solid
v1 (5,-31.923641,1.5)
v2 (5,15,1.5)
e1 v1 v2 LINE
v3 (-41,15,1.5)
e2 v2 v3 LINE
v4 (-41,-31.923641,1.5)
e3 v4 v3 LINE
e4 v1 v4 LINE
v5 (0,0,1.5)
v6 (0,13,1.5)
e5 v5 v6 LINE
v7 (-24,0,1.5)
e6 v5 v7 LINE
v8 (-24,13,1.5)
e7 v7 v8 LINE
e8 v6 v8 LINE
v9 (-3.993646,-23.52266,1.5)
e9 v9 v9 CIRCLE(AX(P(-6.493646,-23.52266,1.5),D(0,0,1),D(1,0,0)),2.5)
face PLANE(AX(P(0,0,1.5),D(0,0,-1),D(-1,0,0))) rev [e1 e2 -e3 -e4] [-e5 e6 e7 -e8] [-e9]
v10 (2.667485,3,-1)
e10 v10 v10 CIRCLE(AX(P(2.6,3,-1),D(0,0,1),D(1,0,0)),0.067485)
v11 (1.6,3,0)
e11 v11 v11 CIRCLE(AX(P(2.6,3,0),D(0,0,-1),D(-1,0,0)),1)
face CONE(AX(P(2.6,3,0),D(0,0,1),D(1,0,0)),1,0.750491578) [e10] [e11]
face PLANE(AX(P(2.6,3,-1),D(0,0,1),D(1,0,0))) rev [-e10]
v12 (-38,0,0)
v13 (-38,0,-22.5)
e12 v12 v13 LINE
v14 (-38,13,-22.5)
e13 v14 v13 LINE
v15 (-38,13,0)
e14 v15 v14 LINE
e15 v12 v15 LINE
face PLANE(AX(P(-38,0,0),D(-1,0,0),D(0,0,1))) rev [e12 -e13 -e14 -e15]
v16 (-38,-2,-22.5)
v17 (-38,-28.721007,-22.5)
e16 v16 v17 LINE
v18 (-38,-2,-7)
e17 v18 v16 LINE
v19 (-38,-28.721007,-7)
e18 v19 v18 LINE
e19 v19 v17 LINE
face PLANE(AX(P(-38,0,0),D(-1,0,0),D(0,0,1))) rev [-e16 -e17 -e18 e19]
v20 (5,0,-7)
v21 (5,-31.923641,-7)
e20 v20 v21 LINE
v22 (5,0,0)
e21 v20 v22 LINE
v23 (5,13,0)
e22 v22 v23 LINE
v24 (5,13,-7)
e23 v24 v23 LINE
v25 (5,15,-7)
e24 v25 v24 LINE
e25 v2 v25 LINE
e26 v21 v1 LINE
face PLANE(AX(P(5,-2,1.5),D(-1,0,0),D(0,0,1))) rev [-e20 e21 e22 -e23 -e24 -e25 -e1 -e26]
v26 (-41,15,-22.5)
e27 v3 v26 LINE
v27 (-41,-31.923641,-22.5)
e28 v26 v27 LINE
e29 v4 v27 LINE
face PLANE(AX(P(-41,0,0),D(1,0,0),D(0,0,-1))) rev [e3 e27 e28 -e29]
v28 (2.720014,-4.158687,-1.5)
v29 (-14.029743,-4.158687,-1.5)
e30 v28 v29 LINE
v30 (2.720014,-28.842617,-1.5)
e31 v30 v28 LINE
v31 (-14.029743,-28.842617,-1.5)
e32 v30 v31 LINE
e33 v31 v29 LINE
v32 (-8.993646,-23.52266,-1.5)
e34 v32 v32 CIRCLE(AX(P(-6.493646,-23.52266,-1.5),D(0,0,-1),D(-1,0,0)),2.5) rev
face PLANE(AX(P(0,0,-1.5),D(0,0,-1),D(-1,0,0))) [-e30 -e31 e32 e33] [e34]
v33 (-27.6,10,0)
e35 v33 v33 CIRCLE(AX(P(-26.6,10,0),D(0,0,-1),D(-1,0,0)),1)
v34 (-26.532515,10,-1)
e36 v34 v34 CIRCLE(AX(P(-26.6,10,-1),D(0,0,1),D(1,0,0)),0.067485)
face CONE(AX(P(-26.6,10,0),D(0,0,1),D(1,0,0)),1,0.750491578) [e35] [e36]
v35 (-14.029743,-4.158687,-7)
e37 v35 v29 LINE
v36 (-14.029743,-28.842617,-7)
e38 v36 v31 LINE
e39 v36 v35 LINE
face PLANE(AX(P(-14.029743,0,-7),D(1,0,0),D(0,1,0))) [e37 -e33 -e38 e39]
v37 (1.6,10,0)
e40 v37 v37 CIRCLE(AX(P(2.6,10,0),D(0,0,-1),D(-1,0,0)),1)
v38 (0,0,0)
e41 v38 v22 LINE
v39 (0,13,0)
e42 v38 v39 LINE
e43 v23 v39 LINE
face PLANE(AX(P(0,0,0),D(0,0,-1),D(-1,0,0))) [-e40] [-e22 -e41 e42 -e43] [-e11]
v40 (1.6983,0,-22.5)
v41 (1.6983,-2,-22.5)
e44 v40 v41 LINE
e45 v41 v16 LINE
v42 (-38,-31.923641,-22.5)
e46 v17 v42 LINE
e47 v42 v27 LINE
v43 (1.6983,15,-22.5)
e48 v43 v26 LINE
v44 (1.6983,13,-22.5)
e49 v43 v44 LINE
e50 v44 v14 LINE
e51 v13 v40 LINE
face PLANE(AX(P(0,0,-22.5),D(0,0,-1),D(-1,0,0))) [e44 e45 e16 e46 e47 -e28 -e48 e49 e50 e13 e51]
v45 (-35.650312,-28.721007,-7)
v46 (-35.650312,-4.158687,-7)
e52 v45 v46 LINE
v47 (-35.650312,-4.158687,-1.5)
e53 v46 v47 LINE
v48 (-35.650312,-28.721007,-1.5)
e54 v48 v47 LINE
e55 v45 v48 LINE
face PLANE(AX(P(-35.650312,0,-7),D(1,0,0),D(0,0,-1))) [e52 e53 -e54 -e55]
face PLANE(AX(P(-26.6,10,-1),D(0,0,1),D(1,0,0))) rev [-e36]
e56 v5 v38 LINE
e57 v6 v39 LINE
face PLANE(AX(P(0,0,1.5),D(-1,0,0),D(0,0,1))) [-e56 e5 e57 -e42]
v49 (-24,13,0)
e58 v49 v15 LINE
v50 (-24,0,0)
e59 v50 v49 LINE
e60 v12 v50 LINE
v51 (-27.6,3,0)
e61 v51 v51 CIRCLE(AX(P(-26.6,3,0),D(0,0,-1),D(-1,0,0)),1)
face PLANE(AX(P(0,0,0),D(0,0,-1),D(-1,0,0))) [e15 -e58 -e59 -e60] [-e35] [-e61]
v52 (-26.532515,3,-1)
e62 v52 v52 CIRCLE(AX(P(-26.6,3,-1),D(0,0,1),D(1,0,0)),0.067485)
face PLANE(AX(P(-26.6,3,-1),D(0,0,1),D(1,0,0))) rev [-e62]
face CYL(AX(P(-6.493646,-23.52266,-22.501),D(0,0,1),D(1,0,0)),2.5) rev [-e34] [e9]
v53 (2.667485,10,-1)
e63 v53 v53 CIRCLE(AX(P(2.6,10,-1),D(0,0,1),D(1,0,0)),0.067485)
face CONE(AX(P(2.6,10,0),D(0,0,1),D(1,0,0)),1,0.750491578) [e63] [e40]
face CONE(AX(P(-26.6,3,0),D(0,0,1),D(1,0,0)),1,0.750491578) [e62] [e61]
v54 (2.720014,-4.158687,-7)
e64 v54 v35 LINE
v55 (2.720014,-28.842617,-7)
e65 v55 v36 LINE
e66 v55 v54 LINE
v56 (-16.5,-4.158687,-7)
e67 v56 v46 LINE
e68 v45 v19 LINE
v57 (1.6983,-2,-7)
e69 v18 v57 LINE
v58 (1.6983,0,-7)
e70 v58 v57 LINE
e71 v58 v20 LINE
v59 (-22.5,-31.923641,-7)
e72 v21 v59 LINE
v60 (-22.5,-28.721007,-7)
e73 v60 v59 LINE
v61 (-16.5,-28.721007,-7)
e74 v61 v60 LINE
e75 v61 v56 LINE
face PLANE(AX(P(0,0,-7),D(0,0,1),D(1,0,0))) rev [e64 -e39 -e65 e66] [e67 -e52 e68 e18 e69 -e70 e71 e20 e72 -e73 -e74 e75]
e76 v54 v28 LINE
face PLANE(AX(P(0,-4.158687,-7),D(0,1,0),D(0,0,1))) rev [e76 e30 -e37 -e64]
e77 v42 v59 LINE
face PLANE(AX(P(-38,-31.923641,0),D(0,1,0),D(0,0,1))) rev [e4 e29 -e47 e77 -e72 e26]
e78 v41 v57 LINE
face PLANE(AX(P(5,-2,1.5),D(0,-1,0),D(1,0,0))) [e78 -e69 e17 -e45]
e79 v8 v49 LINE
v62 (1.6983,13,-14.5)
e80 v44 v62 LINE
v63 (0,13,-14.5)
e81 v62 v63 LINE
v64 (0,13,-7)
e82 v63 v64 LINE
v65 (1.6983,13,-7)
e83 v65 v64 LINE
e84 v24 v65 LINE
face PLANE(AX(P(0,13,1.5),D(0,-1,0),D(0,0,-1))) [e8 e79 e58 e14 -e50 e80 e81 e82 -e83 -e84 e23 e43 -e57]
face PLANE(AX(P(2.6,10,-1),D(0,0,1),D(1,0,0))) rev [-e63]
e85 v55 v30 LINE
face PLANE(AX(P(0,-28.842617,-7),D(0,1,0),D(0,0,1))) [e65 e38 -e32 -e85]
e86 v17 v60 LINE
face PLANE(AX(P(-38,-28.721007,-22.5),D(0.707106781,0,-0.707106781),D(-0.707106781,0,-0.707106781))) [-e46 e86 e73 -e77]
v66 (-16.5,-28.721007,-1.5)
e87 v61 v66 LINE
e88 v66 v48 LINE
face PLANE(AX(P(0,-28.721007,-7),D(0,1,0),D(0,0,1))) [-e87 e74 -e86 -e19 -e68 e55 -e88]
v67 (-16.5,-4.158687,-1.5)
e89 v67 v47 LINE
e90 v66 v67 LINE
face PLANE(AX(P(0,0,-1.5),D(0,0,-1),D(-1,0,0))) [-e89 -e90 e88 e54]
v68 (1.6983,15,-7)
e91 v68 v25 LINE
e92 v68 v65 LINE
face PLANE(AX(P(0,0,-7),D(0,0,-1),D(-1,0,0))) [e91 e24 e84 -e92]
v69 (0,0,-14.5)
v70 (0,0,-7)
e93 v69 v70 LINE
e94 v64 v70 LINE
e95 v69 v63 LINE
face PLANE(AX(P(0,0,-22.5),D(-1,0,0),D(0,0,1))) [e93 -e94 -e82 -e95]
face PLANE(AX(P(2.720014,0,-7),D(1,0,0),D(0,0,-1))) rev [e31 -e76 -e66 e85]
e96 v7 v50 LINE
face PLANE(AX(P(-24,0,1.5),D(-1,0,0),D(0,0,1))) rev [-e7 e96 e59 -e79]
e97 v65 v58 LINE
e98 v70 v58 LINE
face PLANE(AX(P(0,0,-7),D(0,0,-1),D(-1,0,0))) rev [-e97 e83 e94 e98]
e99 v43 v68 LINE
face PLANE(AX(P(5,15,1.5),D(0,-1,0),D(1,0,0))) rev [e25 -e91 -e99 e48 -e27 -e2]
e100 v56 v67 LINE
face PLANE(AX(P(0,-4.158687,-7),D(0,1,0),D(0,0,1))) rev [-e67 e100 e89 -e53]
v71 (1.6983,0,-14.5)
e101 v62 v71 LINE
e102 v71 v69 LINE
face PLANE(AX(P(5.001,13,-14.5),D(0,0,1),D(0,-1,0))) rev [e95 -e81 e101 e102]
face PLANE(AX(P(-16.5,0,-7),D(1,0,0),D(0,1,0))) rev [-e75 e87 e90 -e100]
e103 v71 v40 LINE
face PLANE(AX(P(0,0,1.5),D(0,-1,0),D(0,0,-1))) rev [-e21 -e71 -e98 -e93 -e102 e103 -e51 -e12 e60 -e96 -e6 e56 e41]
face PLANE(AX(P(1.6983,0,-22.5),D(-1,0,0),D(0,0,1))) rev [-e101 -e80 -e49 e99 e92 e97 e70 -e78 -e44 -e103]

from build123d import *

# Parameters (mm, degrees)
SKETCH_1_W          = 34
SKETCH_1_H          = 17
SKETCH_1_W_2        = 24
SKETCH_1_H_2        = 13
EXTRUDE_1_DEPTH     = 1.5
SKETCH_4_R          = 1
EXTRUDE_4_DEPTH     = 1
EXTRUDE_4_TAPER     = 43
SKETCH_3_W          = 34
SKETCH_3_H          = 2
EXTRUDE_5_DEPTH     = 7
SKETCH_5_W          = 1.698300115
SKETCH_5_H          = 2
SKETCH_5_W_2        = 29
EXTRUDE_6_DEPTH     = 15.5
CUT_EXTRUDE_1_REACH = 7
SKETCH_6_W          = 8
SKETCH_6_H          = 13
EXTRUDE_7_DEPTH     = 12
SKETCH_10_W         = 24
SKETCH_10_H         = 29.92364145
SKETCH_10_W_2       = 22.5
SKETCH_10_H_2       = 13
EXTRUDE_8_DEPTH     = 3
SKETCH_11_W         = 46
SKETCH_11_H         = 29.92364145
EXTRUDE_9_DEPTH     = 3
SKETCH_12_W         = 16.749756905
SKETCH_12_H         = 24.683929902
SKETCH_12_W_2       = 2.349687525
SKETCH_12_H_2       = 24.562319206
EXTRUDE_10_DEPTH    = 5.5
EXTRUDE_START       = -3.202635
EXTRUDE_11_DEPTH    = 3.202635
CUT_EXTRUDE_2_REACH = 26
SKETCH_14_R         = 2.5


with BuildPart() as part:
    # 草图1 → 凸台-拉伸1 (new body)
    with BuildSketch(Plane.XY):
        with Locations((-12, 6.5)):
            Rectangle(SKETCH_1_W, SKETCH_1_H)
        with Locations((-12, 6.5)):
            Rectangle(SKETCH_1_W_2, SKETCH_1_H_2, mode=Mode.SUBTRACT)
    extrude(amount=EXTRUDE_1_DEPTH)

    # 草图4 → 凸台-拉伸4 (add)
    with BuildSketch(Plane.XY):
        with Locations((2.6, 10)):
            Circle(SKETCH_4_R)
        with Locations((2.6, 3)):
            Circle(SKETCH_4_R)
        with Locations((-26.6, 10)):
            Circle(SKETCH_4_R)
        with Locations((-26.6, 3)):
            Circle(SKETCH_4_R)
    extrude(amount=-EXTRUDE_4_DEPTH, taper=EXTRUDE_4_TAPER)

    # 草图3 → 凸台-拉伸5 (add)
    with BuildSketch(Plane(origin=(0, 0, 0), x_dir=(-1, 0, 0), z_dir=(0, 0, -1))):
        with Locations((12, -1)):
            Rectangle(SKETCH_3_W, SKETCH_3_H)
        with Locations((12, 14)):
            Rectangle(SKETCH_3_W, SKETCH_3_H)
    extrude(amount=EXTRUDE_5_DEPTH)

    # 草图5 → 凸台-拉伸6 (add)
    with BuildSketch(Plane(origin=(0, 0, -7), x_dir=(-1, 0, 0), z_dir=(0, 0, -1))):
        with Locations((-0.849150058, -1)):
            Rectangle(SKETCH_5_W, SKETCH_5_H)
        with Locations((14.5, -1)):
            Rectangle(SKETCH_5_W_2, SKETCH_5_H)
        Polygon((0, 15), (-1.698300115, 15), (-1.698300115, 0), (0, 0), (0, 13), align=None)
        with Locations((14.5, 14)):
            Rectangle(SKETCH_5_W_2, SKETCH_5_H)
    extrude(amount=EXTRUDE_6_DEPTH)

    # 草图6 → 切除-拉伸1 (cut, up to next)
    with BuildSketch(Plane.ZY, mode=Mode.PRIVATE) as cut_extrude_1_sk1:
        with Locations((-18.5, 6.5)):
            Rectangle(SKETCH_6_W, SKETCH_6_H)
    cut_extrude_1_tool1 = extrude(cut_extrude_1_sk1.sketch, amount=-CUT_EXTRUDE_1_REACH, mode=Mode.PRIVATE) & part.part
    add(cut_extrude_1_tool1.solids().sort_by_distance((0, 6.5, -18.5))[0], mode=Mode.SUBTRACT)

    # 草图9 → 凸台-拉伸7 (add)
    with BuildSketch(Plane.ZY.offset(29)):
        Polygon((-22.5, 15), (1.5, 15), (1.5, -2), (-22.5, -2), (-22.5, 0), (0, 0), (0, 13), (-22.5, 13), align=None)
    extrude(amount=EXTRUDE_7_DEPTH)

    # 草图10 → 凸台-拉伸8 (add)
    with BuildSketch(Plane.ZY.offset(41)):
        with Locations((-10.5, -16.961820725)):
            Rectangle(SKETCH_10_W, SKETCH_10_H)
        with Locations((-11.25, 6.5)):
            Rectangle(SKETCH_10_W_2, SKETCH_10_H_2)
        Polygon((1.5, 15), (-22.5, 15), (-22.5, 13), (0, 13), (0, 0), (-22.5, 0), (-22.5, -2), (1.5, -2), align=None)
    extrude(amount=-EXTRUDE_8_DEPTH)

    # 草图11 → 凸台-拉伸9 (add)
    with BuildSketch(Plane.XY.offset(1.5)):
        with Locations((-18, -16.961820725)):
            Rectangle(SKETCH_11_W, SKETCH_11_H)
    extrude(amount=-EXTRUDE_9_DEPTH)

    # 草图12 → 凸台-拉伸10 (add)
    with BuildSketch(Plane(origin=(0, 0, -1.5), x_dir=(-1, 0, 0), z_dir=(0, 0, -1))):
        Polygon((-5, -2), (-5, -31.92364145), (16.5, -31.92364145), (16.5, -28.721006537), (16.5, -4.158687331), (16.5, -2), align=None)
        with Locations((5.65486472, -16.500652282)):
            Rectangle(SKETCH_12_W, SKETCH_12_H, mode=Mode.SUBTRACT)
        Polygon((16.5, -28.721006537), (16.5, -31.92364145), (38, -31.92364145), (38, -28.721006537), (35.650312475, -28.721006537), align=None)
        with Locations((36.825156237, -16.439846934)):
            Rectangle(SKETCH_12_W_2, SKETCH_12_H_2)
        Polygon((38, -2), (16.5, -2), (16.5, -4.158687331), (35.650312475, -4.158687331), (38, -4.158687331), align=None)
    extrude(amount=EXTRUDE_10_DEPTH)

    # 草图13 → 凸台-拉伸11 (add)
    with BuildSketch(Plane.XZ.offset(31.92364145).offset(EXTRUDE_START)):
        Polygon((-38, -22.5), (-22.5, -7), (-38, -7), align=None)
    extrude(amount=EXTRUDE_11_DEPTH)

    # 草图14 → 切除-拉伸2 (cut, up to next)
    with BuildSketch(Plane.XY.offset(1.5), mode=Mode.PRIVATE) as cut_extrude_2_sk1:
        with Locations((-6.493645673, -23.522660126)):
            Circle(SKETCH_14_R)
    cut_extrude_2_tool1 = extrude(cut_extrude_2_sk1.sketch, amount=-CUT_EXTRUDE_2_REACH, mode=Mode.PRIVATE) & part.part
    add(cut_extrude_2_tool1.solids().sort_by_distance((-6.493646, -23.52266, 1.5))[0], mode=Mode.SUBTRACT)


solid = part.part
